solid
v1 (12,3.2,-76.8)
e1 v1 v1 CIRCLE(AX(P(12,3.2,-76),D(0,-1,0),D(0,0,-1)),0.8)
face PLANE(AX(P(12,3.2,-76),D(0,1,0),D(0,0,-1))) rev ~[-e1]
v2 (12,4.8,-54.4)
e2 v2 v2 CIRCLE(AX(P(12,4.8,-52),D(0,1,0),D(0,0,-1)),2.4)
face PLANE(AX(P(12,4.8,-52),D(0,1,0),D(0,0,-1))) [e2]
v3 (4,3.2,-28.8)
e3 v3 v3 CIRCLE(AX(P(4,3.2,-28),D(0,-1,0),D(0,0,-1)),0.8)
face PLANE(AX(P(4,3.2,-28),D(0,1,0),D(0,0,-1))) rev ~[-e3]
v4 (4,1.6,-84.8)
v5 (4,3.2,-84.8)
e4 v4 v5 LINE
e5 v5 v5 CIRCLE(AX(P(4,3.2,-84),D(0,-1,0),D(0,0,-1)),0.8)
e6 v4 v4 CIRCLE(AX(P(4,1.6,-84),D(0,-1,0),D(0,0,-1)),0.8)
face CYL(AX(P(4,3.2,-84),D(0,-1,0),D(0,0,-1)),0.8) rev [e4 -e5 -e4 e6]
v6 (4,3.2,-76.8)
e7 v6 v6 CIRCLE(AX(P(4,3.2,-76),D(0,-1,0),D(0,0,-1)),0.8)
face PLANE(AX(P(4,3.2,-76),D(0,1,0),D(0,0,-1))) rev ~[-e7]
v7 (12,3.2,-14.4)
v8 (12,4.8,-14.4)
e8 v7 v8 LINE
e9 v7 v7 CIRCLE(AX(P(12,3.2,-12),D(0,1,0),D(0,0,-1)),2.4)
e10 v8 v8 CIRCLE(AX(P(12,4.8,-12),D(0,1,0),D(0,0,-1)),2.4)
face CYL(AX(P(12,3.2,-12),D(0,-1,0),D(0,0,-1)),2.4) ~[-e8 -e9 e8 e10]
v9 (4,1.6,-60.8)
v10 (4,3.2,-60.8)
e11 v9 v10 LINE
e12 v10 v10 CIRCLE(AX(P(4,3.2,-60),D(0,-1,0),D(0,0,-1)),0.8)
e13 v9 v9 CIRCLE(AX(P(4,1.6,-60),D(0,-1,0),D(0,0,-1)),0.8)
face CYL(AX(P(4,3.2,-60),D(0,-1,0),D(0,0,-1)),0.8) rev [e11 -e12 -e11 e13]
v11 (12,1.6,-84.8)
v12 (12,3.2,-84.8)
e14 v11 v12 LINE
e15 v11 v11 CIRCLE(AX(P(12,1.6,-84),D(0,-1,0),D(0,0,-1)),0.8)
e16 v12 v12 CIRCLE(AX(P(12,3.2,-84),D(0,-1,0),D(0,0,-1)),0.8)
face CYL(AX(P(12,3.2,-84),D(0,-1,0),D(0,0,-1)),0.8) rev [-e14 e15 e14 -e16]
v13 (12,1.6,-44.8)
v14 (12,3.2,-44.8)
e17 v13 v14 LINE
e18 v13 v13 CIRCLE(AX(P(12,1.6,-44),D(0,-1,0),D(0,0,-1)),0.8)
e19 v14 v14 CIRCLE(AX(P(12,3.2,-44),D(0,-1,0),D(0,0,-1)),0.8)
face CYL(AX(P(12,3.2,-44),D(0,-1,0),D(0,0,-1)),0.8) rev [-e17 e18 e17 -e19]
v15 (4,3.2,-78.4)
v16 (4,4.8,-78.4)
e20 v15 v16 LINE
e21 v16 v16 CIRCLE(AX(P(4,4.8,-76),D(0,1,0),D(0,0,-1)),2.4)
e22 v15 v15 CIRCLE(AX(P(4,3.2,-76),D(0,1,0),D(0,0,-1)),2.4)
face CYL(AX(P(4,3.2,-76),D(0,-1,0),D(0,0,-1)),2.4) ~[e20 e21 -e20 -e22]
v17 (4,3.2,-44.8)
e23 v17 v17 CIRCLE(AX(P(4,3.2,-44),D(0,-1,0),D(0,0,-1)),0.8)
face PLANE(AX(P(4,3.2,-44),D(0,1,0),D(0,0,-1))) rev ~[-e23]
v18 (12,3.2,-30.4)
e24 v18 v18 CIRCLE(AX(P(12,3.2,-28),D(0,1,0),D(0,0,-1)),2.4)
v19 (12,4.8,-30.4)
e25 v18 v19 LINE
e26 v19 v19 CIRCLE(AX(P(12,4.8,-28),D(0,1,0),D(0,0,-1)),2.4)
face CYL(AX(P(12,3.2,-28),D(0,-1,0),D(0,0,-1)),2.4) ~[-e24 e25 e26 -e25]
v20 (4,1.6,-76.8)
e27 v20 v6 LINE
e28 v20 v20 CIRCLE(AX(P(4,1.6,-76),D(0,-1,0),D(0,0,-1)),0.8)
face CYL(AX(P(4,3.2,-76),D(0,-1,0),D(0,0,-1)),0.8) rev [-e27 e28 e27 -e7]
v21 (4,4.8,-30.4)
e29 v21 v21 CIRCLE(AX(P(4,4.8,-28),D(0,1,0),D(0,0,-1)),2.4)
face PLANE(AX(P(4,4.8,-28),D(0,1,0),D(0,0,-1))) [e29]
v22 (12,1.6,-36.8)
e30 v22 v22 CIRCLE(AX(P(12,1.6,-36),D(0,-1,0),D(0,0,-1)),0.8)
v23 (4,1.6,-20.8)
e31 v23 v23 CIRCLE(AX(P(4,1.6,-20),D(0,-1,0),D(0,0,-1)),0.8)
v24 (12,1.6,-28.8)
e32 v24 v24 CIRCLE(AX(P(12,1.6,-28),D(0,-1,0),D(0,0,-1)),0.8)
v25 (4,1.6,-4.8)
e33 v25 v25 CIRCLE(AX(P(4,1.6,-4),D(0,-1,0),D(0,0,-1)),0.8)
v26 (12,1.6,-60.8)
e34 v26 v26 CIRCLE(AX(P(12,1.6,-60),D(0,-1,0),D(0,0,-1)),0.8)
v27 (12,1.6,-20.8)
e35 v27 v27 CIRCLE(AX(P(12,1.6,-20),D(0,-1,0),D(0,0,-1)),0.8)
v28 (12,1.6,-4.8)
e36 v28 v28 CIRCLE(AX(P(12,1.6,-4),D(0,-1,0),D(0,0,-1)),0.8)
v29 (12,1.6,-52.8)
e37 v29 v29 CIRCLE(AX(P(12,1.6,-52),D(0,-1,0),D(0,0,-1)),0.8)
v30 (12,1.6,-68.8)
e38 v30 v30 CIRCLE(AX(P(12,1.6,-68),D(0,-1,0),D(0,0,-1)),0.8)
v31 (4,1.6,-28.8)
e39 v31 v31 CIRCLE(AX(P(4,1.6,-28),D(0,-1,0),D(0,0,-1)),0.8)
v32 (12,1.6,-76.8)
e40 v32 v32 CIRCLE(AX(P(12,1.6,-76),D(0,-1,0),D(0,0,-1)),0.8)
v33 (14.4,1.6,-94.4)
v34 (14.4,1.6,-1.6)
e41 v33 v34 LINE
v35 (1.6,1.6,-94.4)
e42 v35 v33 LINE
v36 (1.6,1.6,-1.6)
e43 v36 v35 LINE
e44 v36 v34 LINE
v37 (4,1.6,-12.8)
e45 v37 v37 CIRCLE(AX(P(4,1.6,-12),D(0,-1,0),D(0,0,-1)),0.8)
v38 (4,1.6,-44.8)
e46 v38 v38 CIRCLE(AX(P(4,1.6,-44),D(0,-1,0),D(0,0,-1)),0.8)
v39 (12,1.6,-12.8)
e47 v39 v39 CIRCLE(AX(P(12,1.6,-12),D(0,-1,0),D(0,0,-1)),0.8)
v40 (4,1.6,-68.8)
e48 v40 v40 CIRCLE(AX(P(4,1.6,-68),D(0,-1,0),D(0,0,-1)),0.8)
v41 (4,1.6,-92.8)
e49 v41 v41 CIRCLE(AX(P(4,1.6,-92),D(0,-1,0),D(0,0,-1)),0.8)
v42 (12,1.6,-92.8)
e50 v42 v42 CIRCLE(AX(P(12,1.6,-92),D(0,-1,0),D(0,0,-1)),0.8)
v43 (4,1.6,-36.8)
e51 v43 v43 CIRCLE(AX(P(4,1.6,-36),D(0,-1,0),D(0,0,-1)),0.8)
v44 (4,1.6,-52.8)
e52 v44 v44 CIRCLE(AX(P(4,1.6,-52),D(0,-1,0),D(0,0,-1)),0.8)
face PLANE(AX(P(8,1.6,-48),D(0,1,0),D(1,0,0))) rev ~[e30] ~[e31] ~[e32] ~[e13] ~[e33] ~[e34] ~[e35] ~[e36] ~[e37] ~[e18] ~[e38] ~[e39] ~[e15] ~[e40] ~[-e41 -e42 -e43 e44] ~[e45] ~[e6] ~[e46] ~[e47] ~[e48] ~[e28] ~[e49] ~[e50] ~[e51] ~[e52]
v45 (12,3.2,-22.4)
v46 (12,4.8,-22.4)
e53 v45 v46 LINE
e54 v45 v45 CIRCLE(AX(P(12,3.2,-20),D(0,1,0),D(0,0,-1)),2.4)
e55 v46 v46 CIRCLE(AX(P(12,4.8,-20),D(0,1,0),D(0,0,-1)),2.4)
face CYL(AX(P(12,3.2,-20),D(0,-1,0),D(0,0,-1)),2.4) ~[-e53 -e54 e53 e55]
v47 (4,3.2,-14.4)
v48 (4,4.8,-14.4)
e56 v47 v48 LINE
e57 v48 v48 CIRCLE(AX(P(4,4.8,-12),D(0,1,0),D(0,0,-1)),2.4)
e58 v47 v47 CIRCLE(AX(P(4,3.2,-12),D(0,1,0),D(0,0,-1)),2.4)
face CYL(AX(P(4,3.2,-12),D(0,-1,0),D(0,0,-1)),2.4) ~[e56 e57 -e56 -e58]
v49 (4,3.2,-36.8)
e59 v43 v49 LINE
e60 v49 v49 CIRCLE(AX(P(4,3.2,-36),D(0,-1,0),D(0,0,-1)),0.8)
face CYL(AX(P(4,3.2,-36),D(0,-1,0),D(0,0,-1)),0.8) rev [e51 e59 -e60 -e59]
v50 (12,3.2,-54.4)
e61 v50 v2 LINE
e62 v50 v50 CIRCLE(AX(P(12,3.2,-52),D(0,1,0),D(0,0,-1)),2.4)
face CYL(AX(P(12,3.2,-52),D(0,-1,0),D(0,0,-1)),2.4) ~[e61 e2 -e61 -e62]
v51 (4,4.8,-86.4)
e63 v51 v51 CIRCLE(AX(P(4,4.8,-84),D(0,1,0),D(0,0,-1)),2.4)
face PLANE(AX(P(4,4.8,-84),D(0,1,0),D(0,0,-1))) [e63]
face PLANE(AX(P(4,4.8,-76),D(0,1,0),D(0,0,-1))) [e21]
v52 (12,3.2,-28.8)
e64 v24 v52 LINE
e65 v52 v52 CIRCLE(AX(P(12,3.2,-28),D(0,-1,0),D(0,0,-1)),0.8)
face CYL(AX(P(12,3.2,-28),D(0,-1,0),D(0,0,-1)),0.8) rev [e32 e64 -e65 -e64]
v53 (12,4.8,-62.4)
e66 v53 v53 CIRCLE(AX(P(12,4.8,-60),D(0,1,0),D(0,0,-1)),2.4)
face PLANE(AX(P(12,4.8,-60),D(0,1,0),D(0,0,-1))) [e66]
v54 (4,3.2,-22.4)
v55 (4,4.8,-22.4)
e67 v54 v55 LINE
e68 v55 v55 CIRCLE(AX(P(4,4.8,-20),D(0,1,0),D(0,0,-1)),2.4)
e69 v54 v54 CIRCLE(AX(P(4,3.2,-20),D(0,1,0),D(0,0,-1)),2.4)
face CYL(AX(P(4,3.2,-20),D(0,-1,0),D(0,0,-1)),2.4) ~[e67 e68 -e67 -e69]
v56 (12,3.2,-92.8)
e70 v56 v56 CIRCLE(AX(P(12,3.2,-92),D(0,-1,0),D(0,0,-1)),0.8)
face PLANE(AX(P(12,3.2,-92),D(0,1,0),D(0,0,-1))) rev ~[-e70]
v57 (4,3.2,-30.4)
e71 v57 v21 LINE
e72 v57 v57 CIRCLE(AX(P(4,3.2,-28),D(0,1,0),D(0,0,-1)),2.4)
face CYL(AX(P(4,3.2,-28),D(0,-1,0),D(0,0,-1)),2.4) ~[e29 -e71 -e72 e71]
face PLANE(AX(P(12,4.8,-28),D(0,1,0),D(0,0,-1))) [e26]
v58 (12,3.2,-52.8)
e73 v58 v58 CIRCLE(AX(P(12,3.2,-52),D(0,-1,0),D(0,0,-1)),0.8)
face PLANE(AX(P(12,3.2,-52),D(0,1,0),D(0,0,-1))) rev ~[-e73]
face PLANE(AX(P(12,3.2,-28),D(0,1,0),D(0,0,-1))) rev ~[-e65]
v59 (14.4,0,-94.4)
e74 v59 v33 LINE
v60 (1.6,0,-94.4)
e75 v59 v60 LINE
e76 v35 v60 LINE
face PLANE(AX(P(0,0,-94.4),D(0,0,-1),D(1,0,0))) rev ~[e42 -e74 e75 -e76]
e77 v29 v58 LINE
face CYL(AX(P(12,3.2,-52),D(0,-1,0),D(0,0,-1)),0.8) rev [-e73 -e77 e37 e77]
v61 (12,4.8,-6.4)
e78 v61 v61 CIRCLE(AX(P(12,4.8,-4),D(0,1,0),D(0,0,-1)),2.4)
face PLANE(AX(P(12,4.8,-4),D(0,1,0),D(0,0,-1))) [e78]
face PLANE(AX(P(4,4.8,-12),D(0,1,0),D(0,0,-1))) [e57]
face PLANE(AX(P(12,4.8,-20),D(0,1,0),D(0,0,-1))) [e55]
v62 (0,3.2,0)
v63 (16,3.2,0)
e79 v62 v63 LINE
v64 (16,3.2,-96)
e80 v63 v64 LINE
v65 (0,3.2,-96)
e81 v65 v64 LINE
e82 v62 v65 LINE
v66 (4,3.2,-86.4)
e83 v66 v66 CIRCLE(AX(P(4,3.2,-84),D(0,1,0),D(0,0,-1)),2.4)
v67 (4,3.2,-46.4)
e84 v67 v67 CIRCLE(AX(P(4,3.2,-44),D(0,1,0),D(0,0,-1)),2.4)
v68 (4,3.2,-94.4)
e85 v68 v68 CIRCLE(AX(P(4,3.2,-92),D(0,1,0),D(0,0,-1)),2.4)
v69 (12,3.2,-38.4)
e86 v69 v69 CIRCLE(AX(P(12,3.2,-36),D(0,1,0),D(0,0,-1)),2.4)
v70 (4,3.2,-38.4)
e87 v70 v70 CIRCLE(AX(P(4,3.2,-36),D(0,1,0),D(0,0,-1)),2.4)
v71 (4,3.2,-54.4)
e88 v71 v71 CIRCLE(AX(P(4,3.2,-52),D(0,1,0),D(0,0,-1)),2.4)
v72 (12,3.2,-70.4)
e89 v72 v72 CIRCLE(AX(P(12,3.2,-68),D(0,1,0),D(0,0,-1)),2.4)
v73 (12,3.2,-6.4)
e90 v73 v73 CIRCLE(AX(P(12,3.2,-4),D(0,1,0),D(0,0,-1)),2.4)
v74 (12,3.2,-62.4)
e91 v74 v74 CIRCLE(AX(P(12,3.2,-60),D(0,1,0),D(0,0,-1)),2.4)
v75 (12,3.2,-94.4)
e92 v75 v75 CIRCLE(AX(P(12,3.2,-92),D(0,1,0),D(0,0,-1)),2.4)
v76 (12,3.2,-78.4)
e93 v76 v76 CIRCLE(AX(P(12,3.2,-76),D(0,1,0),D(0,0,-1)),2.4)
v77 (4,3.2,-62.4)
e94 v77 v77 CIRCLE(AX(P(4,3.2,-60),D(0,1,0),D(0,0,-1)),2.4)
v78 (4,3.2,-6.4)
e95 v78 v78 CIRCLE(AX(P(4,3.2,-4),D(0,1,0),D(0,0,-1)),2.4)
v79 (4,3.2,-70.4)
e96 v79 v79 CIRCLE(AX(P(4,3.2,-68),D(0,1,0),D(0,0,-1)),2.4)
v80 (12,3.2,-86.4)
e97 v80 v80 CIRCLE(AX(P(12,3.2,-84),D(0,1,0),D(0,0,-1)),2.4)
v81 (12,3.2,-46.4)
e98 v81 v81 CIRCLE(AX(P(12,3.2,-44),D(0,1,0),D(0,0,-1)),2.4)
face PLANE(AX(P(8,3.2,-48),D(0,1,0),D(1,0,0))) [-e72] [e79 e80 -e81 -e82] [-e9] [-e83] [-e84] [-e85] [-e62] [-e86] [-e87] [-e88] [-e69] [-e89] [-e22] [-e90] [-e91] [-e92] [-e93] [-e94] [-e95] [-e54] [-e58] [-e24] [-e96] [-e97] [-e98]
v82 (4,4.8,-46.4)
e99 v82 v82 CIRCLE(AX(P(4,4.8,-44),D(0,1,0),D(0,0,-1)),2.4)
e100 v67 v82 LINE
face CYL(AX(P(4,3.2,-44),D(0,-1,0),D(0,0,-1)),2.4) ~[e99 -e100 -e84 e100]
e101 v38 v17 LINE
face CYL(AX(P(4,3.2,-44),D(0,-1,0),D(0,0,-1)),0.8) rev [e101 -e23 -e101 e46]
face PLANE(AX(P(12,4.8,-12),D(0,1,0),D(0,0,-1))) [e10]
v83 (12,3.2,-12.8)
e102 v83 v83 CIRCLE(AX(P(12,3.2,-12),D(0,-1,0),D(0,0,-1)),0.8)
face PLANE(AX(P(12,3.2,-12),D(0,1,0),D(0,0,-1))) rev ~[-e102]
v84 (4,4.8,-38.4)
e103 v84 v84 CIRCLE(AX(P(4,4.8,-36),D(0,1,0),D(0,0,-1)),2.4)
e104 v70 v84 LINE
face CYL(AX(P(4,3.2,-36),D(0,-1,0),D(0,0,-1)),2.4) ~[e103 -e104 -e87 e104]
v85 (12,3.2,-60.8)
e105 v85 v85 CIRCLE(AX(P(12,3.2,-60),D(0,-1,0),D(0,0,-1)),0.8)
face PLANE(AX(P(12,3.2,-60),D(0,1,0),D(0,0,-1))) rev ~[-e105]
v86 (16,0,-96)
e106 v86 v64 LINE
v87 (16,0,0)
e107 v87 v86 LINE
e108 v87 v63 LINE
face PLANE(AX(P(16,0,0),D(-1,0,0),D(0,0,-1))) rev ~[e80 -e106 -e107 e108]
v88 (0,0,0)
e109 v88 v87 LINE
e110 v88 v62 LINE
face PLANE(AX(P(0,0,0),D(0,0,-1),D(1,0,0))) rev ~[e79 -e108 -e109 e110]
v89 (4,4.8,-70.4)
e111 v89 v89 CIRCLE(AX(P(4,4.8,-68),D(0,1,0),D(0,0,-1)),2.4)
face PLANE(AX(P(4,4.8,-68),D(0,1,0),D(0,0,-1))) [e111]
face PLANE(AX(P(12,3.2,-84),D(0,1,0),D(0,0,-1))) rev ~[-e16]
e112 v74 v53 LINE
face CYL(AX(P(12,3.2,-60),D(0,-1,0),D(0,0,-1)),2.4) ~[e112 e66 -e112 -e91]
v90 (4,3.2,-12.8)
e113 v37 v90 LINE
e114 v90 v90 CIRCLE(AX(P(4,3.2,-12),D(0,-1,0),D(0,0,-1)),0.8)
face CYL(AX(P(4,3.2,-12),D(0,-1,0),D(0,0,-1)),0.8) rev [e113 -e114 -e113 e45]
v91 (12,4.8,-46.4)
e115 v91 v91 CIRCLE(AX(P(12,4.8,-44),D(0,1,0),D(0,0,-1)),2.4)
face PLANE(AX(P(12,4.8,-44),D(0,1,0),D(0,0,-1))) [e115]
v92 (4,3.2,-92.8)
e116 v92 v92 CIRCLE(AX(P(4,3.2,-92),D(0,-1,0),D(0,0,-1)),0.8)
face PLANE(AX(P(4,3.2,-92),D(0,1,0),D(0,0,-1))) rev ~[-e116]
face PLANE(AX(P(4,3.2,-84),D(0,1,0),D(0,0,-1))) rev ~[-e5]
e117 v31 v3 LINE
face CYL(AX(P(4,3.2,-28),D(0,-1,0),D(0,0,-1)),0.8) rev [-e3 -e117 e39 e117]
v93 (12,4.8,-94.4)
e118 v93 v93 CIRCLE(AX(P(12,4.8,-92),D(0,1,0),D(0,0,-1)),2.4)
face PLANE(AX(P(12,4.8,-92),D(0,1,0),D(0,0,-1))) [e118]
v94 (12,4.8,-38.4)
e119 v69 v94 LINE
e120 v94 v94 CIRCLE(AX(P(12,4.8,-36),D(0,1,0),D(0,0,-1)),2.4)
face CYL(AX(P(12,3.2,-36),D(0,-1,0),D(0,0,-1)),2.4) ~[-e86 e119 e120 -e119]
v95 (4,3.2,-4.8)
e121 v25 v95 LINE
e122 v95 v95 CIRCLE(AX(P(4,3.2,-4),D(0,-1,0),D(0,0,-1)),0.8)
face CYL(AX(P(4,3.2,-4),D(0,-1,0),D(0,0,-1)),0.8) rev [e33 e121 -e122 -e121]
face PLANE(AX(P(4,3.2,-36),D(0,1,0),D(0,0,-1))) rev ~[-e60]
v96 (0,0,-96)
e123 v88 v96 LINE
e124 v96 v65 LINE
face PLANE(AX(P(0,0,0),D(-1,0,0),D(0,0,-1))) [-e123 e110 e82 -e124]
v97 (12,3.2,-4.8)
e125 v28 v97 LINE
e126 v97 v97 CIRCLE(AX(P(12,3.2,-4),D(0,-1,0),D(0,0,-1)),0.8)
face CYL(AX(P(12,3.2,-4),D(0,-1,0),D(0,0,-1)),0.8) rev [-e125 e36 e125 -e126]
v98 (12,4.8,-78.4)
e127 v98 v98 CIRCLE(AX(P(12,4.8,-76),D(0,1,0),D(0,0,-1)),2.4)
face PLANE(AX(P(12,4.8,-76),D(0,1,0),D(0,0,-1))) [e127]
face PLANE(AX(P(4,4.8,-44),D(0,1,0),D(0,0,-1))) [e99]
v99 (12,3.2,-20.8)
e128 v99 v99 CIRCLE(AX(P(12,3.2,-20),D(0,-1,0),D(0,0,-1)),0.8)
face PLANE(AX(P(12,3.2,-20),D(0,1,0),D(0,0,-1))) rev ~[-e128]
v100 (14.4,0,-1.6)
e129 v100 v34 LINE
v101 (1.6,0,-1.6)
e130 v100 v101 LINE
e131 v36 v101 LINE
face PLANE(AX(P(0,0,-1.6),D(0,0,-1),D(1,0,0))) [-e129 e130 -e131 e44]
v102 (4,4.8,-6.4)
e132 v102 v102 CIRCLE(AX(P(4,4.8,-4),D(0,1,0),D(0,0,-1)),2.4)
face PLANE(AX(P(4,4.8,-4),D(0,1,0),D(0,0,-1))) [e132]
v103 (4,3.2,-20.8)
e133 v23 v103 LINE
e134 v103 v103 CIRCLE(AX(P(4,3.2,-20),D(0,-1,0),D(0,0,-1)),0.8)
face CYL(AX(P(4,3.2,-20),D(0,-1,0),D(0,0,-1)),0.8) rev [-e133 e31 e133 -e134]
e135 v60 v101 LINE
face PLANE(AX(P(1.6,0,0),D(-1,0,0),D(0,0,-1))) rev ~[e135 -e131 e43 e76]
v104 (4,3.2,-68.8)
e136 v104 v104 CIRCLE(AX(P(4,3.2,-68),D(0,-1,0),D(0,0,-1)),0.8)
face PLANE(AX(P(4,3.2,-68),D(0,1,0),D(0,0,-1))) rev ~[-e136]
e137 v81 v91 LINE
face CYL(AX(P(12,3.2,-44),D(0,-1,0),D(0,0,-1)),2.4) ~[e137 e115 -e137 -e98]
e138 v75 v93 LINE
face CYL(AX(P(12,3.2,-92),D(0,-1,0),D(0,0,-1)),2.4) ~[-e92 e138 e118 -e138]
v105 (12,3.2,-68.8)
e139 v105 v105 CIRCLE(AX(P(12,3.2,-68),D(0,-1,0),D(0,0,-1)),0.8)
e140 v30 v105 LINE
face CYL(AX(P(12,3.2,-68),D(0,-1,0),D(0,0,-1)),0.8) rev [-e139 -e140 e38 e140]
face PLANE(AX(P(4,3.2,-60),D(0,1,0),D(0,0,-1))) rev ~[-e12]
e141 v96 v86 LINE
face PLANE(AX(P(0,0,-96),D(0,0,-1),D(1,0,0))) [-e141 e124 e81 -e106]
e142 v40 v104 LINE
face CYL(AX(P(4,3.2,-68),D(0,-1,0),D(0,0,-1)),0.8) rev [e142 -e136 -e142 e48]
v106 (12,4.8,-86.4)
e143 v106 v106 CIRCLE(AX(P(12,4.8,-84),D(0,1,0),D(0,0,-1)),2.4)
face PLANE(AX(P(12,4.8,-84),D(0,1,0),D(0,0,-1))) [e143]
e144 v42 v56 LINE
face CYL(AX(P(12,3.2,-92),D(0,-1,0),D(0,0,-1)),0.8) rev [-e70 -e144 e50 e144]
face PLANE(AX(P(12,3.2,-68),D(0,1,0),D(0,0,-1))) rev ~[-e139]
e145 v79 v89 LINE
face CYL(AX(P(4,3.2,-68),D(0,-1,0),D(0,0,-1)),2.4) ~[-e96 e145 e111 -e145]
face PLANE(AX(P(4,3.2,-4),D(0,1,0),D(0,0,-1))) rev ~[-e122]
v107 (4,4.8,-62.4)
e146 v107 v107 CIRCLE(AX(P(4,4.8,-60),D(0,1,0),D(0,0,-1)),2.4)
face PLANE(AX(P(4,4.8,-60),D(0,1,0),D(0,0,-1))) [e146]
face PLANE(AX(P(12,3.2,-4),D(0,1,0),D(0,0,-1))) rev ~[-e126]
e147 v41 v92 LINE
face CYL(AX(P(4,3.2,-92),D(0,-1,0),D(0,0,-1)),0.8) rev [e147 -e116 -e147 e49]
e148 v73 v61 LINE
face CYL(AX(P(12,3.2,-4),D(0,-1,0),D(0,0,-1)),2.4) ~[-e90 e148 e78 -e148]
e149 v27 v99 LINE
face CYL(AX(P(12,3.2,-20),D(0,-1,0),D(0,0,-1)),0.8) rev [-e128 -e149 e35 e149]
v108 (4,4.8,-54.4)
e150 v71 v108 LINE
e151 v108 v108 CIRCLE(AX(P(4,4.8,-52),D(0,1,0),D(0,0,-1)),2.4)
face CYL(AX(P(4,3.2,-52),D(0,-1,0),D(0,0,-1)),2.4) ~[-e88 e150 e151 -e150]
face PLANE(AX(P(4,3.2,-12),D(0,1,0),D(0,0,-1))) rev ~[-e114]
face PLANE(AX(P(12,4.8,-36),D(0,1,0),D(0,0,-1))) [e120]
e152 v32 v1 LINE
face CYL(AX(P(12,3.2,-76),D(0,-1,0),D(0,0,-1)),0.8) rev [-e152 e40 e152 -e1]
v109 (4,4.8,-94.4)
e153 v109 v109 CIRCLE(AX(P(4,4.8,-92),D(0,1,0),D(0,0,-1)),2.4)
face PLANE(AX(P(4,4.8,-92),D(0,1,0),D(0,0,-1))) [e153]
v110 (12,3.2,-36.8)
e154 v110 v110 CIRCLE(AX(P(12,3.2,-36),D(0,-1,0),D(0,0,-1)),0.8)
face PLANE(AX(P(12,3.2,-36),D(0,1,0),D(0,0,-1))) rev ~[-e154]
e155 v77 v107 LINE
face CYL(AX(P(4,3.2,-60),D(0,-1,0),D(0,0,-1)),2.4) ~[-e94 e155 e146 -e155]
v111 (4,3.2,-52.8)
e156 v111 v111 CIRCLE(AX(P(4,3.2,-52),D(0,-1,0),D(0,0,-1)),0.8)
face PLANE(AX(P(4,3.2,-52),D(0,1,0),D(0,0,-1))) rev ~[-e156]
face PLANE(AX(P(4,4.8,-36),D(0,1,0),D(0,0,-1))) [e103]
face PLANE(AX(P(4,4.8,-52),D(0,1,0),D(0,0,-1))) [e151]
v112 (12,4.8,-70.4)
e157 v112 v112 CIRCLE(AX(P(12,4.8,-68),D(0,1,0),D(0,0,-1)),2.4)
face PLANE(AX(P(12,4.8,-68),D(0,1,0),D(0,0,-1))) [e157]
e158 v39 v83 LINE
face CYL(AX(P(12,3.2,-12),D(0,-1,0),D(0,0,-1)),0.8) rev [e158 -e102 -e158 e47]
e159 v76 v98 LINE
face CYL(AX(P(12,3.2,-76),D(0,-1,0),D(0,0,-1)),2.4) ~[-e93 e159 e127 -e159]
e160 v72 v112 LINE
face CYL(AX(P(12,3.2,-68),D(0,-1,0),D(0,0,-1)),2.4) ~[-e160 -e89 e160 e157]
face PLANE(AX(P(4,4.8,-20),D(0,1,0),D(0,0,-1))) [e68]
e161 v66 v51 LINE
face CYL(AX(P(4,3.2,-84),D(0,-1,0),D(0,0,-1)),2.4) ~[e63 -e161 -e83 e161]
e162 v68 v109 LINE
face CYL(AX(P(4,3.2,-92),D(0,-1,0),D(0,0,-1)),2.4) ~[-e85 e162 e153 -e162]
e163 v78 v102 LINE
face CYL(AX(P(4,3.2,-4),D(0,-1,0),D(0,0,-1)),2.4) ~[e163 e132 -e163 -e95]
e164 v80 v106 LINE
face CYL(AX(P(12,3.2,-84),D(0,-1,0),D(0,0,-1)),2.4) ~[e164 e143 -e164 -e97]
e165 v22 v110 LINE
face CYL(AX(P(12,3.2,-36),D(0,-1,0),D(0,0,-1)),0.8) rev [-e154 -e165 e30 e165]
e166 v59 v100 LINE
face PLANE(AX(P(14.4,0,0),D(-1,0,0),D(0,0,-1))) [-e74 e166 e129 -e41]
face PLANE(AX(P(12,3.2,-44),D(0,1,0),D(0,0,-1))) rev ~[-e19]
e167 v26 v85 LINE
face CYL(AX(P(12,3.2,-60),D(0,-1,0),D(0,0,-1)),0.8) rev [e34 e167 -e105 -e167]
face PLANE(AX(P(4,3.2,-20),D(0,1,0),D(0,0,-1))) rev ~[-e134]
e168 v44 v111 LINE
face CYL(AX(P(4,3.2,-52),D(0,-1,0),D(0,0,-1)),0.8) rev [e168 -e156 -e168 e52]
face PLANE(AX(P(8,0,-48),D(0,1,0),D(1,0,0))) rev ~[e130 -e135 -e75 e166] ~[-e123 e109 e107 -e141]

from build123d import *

# Parameters (mm, degrees)
SKETCH1_W            = 16
SKETCH1_H            = 96
BOSS_EXTRUDE1_DEPTH  = 3.2
SKETCH2_R            = 2.4
BOSS_EXTRUDE2_DEPTH  = 1.6
LPATTERN1_COUNT      = 2
LPATTERN1_PITCH      = 8
LPATTERN1_COUNT_DIR2 = 12
LPATTERN1_PITCH_DIR2 = 8
SHELL1_T             = -1.6


with BuildPart() as part:
    # Sketch1 → Boss-Extrude1 (new body)
    with BuildSketch(Plane(origin=(0, 0, 0), x_dir=(1, 0, 0), z_dir=(0, 1, 0))):
        with Locations((8, 48)):
            Rectangle(SKETCH1_W, SKETCH1_H)
    extrude(amount=BOSS_EXTRUDE1_DEPTH)

    # Sketch2 → Boss-Extrude2 (add)
    with BuildSketch(Plane(origin=(0, 3.2, 0), x_dir=(1, 0, 0), z_dir=(0, 1, 0))):
        with Locations(Location((12, 4, 0), (0, 0, 90))):
            Circle(SKETCH2_R)
    boss_extrude2 = extrude(amount=BOSS_EXTRUDE2_DEPTH)

    # LPattern1: Boss-Extrude2 2 × 12
    with Locations(*[(-i * LPATTERN1_PITCH, 0, -j * LPATTERN1_PITCH_DIR2) for i in range(LPATTERN1_COUNT) for j in range(LPATTERN1_COUNT_DIR2) if (i, j) != (0, 0)]):
        add(boss_extrude2)

    # Shell1
    shell1_openings = [part.faces().sort_by_distance(p)[0] for p in [
        (8, 0, -48),
    ]]
    offset(amount=SHELL1_T, openings=shell1_openings, kind=Kind.INTERSECTION)


solid = part.part
